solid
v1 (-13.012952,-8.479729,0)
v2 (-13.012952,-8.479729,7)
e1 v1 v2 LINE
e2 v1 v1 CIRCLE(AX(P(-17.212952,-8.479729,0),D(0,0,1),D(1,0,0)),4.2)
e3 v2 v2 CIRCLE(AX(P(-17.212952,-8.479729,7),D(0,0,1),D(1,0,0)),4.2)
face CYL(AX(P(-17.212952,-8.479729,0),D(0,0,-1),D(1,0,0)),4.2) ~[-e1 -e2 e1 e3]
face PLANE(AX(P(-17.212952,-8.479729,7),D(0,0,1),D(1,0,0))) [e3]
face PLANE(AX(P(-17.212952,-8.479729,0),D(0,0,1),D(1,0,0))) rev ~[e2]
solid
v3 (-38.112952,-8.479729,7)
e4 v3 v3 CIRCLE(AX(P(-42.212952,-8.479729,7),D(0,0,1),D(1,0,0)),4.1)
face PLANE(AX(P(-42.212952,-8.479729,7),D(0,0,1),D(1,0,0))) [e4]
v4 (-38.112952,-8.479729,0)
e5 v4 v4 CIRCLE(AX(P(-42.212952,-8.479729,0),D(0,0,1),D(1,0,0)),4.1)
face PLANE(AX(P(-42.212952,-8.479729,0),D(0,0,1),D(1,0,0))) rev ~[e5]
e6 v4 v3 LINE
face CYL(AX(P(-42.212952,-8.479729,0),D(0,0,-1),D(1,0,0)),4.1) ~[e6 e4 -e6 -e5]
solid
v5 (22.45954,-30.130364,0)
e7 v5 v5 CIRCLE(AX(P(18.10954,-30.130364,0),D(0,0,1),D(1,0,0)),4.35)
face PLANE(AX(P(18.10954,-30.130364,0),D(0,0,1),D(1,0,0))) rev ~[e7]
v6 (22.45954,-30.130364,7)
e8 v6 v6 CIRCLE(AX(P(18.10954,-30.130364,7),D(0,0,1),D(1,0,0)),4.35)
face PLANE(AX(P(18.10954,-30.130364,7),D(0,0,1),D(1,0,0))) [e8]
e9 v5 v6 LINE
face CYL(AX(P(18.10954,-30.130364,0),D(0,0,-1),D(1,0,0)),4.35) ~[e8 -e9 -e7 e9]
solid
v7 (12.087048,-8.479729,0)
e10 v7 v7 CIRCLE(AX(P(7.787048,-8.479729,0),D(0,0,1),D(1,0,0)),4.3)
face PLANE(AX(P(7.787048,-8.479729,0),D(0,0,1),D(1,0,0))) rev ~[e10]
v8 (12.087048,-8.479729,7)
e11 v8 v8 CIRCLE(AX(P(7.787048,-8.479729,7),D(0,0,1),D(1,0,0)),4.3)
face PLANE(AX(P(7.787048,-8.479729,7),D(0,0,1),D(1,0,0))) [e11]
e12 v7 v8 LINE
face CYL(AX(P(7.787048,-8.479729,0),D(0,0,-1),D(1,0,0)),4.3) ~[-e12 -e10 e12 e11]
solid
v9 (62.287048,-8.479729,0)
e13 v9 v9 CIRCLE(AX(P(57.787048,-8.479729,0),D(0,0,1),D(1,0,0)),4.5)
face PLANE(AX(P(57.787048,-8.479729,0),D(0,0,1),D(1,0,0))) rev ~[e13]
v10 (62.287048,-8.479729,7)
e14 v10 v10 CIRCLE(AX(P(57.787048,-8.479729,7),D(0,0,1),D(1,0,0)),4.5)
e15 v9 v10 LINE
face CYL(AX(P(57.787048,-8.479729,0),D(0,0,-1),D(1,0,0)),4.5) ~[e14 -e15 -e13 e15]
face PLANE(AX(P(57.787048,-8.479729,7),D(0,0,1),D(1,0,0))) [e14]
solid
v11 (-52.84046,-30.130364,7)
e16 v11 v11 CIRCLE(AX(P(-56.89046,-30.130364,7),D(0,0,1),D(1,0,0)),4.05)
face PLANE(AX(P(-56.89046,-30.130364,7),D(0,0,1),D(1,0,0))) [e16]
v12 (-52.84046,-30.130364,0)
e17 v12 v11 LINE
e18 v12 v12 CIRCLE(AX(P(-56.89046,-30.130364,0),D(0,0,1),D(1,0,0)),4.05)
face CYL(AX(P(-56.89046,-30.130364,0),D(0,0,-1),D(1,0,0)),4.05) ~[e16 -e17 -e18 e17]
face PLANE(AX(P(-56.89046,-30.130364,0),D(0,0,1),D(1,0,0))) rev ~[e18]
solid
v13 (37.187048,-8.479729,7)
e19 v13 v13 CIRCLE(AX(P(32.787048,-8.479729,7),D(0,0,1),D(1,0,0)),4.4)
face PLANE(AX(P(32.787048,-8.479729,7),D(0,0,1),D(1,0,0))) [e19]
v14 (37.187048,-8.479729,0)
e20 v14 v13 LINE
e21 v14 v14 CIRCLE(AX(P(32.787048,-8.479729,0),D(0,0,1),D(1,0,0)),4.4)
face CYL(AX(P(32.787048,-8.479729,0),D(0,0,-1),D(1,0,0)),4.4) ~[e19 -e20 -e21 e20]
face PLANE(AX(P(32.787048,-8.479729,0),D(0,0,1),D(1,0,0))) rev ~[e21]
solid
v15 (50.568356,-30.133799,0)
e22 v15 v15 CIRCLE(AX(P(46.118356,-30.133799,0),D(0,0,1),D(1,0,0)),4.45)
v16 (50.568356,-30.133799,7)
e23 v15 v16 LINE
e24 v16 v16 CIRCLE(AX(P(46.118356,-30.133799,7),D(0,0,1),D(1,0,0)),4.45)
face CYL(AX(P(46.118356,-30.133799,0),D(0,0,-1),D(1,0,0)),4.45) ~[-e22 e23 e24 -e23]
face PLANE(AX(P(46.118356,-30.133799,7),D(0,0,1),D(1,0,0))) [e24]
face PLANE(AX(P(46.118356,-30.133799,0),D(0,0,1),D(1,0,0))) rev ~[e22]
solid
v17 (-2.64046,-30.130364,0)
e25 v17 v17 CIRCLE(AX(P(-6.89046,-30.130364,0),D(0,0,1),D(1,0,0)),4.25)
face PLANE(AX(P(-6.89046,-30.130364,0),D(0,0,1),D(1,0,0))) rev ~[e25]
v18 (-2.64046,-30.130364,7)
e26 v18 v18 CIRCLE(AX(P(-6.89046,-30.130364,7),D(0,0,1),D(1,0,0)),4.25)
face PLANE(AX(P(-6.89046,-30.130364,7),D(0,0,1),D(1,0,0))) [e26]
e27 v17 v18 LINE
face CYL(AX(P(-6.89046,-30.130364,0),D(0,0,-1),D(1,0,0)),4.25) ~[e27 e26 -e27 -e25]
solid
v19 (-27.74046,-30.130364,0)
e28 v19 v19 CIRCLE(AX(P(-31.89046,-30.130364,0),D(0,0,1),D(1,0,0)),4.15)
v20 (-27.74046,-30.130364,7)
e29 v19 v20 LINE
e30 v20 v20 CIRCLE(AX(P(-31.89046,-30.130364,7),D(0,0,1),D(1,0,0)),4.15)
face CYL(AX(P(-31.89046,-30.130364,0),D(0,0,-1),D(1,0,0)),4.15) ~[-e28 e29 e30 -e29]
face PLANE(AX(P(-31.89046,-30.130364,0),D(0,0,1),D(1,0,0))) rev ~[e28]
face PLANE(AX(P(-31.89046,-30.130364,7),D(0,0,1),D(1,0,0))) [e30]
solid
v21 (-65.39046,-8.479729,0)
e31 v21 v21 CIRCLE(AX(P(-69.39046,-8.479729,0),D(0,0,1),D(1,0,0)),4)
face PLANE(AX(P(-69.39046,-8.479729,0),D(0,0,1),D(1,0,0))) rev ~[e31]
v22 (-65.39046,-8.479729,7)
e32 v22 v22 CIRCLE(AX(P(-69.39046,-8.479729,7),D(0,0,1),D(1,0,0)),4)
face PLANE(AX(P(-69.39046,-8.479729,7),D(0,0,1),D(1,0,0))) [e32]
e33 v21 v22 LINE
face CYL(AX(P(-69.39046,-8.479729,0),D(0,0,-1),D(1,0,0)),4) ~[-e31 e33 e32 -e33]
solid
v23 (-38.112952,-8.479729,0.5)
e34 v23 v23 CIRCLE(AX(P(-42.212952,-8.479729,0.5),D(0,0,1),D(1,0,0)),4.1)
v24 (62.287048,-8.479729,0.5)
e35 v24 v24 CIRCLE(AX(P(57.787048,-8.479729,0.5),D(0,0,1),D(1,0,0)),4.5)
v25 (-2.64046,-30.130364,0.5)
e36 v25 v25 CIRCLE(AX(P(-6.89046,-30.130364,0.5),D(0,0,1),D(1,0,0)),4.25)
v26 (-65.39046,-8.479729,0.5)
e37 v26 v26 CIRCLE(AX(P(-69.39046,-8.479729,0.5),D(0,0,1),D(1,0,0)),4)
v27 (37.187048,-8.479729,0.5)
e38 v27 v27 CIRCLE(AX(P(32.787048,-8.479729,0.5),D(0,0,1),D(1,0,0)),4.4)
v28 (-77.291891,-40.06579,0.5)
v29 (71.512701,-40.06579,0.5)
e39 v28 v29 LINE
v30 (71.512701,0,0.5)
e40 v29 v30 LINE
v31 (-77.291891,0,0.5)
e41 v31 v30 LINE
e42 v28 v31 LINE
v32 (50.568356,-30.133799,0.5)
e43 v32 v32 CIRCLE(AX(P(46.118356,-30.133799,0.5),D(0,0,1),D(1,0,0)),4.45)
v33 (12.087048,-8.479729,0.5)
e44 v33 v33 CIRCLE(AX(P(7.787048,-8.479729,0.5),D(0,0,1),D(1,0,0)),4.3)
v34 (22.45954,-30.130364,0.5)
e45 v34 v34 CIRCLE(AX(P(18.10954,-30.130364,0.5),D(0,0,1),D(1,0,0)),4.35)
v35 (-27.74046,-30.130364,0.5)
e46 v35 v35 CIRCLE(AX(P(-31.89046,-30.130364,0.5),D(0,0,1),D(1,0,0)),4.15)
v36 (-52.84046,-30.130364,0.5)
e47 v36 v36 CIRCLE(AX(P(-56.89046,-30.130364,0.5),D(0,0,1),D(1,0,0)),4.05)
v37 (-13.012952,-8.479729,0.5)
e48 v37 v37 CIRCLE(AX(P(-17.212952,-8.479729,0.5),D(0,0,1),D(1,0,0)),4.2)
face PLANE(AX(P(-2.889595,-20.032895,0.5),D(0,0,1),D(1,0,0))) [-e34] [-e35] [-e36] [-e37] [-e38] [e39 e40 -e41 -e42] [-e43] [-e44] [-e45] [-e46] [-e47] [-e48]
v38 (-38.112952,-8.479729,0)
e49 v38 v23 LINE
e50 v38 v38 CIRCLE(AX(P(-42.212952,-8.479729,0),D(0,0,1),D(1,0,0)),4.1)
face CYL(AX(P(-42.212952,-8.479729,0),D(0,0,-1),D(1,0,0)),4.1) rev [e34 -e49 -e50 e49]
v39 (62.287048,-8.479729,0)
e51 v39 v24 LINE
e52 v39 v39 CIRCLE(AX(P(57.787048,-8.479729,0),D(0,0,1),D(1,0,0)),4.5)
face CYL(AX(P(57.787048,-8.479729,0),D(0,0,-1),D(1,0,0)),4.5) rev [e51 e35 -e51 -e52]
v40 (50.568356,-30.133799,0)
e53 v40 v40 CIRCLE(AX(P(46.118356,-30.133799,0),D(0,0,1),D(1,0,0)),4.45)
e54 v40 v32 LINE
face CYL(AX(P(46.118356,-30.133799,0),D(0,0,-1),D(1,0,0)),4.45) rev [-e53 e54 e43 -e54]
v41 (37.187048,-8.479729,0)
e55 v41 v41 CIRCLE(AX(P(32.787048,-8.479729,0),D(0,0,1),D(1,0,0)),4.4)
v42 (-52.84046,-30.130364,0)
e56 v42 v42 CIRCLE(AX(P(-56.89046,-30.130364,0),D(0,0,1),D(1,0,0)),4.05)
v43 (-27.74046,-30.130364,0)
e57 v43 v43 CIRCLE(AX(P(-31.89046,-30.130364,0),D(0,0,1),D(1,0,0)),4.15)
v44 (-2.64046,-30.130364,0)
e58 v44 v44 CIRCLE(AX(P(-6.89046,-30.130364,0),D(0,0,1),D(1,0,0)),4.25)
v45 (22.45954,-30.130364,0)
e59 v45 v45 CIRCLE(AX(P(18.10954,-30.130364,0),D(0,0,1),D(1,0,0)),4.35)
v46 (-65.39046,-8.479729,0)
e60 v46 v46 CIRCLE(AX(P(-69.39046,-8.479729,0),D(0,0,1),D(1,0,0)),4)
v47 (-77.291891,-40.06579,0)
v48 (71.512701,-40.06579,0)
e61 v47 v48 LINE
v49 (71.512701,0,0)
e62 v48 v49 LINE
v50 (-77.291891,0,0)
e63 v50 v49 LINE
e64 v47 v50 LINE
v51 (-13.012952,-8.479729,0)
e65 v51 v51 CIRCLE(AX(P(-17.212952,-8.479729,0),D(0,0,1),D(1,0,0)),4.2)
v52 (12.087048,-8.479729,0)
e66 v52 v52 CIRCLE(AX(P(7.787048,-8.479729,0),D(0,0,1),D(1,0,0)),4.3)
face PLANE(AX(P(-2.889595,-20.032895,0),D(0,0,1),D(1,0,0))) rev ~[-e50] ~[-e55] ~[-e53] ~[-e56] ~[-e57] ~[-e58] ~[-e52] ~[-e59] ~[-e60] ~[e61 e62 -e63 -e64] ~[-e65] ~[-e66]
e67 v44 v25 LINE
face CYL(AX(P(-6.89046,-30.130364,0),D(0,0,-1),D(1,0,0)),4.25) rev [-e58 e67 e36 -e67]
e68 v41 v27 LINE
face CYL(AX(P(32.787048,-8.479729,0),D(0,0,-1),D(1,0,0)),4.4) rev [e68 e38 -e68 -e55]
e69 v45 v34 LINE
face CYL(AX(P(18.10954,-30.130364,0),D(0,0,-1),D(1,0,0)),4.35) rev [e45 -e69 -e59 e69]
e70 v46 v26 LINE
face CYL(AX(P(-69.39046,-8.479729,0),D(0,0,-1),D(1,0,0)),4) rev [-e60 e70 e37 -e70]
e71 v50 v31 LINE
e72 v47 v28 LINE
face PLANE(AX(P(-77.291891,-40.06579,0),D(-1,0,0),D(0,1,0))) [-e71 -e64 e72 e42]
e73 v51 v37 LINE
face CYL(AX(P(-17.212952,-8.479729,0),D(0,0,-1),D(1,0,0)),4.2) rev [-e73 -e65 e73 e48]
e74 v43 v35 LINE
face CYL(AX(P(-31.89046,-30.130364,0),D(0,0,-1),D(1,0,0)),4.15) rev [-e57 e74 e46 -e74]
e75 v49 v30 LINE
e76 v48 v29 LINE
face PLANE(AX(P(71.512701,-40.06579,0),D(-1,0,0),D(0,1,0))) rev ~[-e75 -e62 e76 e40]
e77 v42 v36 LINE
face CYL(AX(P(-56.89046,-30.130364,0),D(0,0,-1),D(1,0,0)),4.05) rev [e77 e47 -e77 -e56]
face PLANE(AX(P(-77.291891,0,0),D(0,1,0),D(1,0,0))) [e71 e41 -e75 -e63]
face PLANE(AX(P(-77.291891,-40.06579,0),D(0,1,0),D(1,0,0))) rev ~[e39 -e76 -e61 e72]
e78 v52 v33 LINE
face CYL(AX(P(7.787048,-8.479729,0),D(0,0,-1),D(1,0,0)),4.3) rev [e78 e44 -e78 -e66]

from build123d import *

# Parameters (mm, degrees)
F0_R     = 4.05
F0_R_2   = 4.15
F0_R_3   = 4
F0_R_4   = 4.1
F0_R_5   = 4.2
F0_R_6   = 4.25
F0_R_7   = 4.35
F0_R_8   = 4.3
F0_R_9   = 4.4
F0_R_10  = 4.45
F0_R_11  = 4.5
F1_DEPTH = 7
F0_W     = 148.804592
F0_H     = 40.065791
F2_DEPTH = 0.5


with BuildPart() as f1:
    # F0 (on Top) → F1 (new body)
    with BuildSketch(Plane.XY):
        with Locations((-56.89046, -30.130364)):
            Circle(F0_R)
        with Locations((-31.89046, -30.130364)):
            Circle(F0_R_2)
        with Locations((-69.39046, -8.479729)):
            Circle(F0_R_3)
        with Locations((-42.212952, -8.479729)):
            Circle(F0_R_4)
        with Locations((-17.212952, -8.479729)):
            Circle(F0_R_5)
        with Locations((-6.89046, -30.130364)):
            Circle(F0_R_6)
        with Locations((18.10954, -30.130364)):
            Circle(F0_R_7)
        with Locations((7.787048, -8.479729)):
            Circle(F0_R_8)
        with Locations((32.787048, -8.479729)):
            Circle(F0_R_9)
        with Locations((46.118356, -30.133799)):
            Circle(F0_R_10)
        with Locations((57.787048, -8.479729)):
            Circle(F0_R_11)
    extrude(amount=F1_DEPTH)


with BuildPart() as f2:
    # F0 (on Top) → F2 (new body)
    with BuildSketch(Plane.XY):
        with Locations((-2.889595, -20.032895)):
            Rectangle(F0_W, F0_H)
        with Locations((-56.89046, -30.130364)):
            Circle(F0_R, mode=Mode.SUBTRACT)
        with Locations((-31.89046, -30.130364)):
            Circle(F0_R_2, mode=Mode.SUBTRACT)
        with Locations((-6.89046, -30.130364)):
            Circle(F0_R_6, mode=Mode.SUBTRACT)
        with Locations((18.10954, -30.130364)):
            Circle(F0_R_7, mode=Mode.SUBTRACT)
        with Locations((46.118356, -30.133799)):
            Circle(F0_R_10, mode=Mode.SUBTRACT)
        with Locations((-69.39046, -8.479729)):
            Circle(F0_R_3, mode=Mode.SUBTRACT)
        with Locations((-42.212952, -8.479729)):
            Circle(F0_R_4, mode=Mode.SUBTRACT)
        with Locations((-17.212952, -8.479729)):
            Circle(F0_R_5, mode=Mode.SUBTRACT)
        with Locations((7.787048, -8.479729)):
            Circle(F0_R_8, mode=Mode.SUBTRACT)
        with Locations((32.787048, -8.479729)):
            Circle(F0_R_9, mode=Mode.SUBTRACT)
        with Locations((57.787048, -8.479729)):
            Circle(F0_R_11, mode=Mode.SUBTRACT)
    extrude(amount=F2_DEPTH)


solid = Compound([f1.part, f2.part])
